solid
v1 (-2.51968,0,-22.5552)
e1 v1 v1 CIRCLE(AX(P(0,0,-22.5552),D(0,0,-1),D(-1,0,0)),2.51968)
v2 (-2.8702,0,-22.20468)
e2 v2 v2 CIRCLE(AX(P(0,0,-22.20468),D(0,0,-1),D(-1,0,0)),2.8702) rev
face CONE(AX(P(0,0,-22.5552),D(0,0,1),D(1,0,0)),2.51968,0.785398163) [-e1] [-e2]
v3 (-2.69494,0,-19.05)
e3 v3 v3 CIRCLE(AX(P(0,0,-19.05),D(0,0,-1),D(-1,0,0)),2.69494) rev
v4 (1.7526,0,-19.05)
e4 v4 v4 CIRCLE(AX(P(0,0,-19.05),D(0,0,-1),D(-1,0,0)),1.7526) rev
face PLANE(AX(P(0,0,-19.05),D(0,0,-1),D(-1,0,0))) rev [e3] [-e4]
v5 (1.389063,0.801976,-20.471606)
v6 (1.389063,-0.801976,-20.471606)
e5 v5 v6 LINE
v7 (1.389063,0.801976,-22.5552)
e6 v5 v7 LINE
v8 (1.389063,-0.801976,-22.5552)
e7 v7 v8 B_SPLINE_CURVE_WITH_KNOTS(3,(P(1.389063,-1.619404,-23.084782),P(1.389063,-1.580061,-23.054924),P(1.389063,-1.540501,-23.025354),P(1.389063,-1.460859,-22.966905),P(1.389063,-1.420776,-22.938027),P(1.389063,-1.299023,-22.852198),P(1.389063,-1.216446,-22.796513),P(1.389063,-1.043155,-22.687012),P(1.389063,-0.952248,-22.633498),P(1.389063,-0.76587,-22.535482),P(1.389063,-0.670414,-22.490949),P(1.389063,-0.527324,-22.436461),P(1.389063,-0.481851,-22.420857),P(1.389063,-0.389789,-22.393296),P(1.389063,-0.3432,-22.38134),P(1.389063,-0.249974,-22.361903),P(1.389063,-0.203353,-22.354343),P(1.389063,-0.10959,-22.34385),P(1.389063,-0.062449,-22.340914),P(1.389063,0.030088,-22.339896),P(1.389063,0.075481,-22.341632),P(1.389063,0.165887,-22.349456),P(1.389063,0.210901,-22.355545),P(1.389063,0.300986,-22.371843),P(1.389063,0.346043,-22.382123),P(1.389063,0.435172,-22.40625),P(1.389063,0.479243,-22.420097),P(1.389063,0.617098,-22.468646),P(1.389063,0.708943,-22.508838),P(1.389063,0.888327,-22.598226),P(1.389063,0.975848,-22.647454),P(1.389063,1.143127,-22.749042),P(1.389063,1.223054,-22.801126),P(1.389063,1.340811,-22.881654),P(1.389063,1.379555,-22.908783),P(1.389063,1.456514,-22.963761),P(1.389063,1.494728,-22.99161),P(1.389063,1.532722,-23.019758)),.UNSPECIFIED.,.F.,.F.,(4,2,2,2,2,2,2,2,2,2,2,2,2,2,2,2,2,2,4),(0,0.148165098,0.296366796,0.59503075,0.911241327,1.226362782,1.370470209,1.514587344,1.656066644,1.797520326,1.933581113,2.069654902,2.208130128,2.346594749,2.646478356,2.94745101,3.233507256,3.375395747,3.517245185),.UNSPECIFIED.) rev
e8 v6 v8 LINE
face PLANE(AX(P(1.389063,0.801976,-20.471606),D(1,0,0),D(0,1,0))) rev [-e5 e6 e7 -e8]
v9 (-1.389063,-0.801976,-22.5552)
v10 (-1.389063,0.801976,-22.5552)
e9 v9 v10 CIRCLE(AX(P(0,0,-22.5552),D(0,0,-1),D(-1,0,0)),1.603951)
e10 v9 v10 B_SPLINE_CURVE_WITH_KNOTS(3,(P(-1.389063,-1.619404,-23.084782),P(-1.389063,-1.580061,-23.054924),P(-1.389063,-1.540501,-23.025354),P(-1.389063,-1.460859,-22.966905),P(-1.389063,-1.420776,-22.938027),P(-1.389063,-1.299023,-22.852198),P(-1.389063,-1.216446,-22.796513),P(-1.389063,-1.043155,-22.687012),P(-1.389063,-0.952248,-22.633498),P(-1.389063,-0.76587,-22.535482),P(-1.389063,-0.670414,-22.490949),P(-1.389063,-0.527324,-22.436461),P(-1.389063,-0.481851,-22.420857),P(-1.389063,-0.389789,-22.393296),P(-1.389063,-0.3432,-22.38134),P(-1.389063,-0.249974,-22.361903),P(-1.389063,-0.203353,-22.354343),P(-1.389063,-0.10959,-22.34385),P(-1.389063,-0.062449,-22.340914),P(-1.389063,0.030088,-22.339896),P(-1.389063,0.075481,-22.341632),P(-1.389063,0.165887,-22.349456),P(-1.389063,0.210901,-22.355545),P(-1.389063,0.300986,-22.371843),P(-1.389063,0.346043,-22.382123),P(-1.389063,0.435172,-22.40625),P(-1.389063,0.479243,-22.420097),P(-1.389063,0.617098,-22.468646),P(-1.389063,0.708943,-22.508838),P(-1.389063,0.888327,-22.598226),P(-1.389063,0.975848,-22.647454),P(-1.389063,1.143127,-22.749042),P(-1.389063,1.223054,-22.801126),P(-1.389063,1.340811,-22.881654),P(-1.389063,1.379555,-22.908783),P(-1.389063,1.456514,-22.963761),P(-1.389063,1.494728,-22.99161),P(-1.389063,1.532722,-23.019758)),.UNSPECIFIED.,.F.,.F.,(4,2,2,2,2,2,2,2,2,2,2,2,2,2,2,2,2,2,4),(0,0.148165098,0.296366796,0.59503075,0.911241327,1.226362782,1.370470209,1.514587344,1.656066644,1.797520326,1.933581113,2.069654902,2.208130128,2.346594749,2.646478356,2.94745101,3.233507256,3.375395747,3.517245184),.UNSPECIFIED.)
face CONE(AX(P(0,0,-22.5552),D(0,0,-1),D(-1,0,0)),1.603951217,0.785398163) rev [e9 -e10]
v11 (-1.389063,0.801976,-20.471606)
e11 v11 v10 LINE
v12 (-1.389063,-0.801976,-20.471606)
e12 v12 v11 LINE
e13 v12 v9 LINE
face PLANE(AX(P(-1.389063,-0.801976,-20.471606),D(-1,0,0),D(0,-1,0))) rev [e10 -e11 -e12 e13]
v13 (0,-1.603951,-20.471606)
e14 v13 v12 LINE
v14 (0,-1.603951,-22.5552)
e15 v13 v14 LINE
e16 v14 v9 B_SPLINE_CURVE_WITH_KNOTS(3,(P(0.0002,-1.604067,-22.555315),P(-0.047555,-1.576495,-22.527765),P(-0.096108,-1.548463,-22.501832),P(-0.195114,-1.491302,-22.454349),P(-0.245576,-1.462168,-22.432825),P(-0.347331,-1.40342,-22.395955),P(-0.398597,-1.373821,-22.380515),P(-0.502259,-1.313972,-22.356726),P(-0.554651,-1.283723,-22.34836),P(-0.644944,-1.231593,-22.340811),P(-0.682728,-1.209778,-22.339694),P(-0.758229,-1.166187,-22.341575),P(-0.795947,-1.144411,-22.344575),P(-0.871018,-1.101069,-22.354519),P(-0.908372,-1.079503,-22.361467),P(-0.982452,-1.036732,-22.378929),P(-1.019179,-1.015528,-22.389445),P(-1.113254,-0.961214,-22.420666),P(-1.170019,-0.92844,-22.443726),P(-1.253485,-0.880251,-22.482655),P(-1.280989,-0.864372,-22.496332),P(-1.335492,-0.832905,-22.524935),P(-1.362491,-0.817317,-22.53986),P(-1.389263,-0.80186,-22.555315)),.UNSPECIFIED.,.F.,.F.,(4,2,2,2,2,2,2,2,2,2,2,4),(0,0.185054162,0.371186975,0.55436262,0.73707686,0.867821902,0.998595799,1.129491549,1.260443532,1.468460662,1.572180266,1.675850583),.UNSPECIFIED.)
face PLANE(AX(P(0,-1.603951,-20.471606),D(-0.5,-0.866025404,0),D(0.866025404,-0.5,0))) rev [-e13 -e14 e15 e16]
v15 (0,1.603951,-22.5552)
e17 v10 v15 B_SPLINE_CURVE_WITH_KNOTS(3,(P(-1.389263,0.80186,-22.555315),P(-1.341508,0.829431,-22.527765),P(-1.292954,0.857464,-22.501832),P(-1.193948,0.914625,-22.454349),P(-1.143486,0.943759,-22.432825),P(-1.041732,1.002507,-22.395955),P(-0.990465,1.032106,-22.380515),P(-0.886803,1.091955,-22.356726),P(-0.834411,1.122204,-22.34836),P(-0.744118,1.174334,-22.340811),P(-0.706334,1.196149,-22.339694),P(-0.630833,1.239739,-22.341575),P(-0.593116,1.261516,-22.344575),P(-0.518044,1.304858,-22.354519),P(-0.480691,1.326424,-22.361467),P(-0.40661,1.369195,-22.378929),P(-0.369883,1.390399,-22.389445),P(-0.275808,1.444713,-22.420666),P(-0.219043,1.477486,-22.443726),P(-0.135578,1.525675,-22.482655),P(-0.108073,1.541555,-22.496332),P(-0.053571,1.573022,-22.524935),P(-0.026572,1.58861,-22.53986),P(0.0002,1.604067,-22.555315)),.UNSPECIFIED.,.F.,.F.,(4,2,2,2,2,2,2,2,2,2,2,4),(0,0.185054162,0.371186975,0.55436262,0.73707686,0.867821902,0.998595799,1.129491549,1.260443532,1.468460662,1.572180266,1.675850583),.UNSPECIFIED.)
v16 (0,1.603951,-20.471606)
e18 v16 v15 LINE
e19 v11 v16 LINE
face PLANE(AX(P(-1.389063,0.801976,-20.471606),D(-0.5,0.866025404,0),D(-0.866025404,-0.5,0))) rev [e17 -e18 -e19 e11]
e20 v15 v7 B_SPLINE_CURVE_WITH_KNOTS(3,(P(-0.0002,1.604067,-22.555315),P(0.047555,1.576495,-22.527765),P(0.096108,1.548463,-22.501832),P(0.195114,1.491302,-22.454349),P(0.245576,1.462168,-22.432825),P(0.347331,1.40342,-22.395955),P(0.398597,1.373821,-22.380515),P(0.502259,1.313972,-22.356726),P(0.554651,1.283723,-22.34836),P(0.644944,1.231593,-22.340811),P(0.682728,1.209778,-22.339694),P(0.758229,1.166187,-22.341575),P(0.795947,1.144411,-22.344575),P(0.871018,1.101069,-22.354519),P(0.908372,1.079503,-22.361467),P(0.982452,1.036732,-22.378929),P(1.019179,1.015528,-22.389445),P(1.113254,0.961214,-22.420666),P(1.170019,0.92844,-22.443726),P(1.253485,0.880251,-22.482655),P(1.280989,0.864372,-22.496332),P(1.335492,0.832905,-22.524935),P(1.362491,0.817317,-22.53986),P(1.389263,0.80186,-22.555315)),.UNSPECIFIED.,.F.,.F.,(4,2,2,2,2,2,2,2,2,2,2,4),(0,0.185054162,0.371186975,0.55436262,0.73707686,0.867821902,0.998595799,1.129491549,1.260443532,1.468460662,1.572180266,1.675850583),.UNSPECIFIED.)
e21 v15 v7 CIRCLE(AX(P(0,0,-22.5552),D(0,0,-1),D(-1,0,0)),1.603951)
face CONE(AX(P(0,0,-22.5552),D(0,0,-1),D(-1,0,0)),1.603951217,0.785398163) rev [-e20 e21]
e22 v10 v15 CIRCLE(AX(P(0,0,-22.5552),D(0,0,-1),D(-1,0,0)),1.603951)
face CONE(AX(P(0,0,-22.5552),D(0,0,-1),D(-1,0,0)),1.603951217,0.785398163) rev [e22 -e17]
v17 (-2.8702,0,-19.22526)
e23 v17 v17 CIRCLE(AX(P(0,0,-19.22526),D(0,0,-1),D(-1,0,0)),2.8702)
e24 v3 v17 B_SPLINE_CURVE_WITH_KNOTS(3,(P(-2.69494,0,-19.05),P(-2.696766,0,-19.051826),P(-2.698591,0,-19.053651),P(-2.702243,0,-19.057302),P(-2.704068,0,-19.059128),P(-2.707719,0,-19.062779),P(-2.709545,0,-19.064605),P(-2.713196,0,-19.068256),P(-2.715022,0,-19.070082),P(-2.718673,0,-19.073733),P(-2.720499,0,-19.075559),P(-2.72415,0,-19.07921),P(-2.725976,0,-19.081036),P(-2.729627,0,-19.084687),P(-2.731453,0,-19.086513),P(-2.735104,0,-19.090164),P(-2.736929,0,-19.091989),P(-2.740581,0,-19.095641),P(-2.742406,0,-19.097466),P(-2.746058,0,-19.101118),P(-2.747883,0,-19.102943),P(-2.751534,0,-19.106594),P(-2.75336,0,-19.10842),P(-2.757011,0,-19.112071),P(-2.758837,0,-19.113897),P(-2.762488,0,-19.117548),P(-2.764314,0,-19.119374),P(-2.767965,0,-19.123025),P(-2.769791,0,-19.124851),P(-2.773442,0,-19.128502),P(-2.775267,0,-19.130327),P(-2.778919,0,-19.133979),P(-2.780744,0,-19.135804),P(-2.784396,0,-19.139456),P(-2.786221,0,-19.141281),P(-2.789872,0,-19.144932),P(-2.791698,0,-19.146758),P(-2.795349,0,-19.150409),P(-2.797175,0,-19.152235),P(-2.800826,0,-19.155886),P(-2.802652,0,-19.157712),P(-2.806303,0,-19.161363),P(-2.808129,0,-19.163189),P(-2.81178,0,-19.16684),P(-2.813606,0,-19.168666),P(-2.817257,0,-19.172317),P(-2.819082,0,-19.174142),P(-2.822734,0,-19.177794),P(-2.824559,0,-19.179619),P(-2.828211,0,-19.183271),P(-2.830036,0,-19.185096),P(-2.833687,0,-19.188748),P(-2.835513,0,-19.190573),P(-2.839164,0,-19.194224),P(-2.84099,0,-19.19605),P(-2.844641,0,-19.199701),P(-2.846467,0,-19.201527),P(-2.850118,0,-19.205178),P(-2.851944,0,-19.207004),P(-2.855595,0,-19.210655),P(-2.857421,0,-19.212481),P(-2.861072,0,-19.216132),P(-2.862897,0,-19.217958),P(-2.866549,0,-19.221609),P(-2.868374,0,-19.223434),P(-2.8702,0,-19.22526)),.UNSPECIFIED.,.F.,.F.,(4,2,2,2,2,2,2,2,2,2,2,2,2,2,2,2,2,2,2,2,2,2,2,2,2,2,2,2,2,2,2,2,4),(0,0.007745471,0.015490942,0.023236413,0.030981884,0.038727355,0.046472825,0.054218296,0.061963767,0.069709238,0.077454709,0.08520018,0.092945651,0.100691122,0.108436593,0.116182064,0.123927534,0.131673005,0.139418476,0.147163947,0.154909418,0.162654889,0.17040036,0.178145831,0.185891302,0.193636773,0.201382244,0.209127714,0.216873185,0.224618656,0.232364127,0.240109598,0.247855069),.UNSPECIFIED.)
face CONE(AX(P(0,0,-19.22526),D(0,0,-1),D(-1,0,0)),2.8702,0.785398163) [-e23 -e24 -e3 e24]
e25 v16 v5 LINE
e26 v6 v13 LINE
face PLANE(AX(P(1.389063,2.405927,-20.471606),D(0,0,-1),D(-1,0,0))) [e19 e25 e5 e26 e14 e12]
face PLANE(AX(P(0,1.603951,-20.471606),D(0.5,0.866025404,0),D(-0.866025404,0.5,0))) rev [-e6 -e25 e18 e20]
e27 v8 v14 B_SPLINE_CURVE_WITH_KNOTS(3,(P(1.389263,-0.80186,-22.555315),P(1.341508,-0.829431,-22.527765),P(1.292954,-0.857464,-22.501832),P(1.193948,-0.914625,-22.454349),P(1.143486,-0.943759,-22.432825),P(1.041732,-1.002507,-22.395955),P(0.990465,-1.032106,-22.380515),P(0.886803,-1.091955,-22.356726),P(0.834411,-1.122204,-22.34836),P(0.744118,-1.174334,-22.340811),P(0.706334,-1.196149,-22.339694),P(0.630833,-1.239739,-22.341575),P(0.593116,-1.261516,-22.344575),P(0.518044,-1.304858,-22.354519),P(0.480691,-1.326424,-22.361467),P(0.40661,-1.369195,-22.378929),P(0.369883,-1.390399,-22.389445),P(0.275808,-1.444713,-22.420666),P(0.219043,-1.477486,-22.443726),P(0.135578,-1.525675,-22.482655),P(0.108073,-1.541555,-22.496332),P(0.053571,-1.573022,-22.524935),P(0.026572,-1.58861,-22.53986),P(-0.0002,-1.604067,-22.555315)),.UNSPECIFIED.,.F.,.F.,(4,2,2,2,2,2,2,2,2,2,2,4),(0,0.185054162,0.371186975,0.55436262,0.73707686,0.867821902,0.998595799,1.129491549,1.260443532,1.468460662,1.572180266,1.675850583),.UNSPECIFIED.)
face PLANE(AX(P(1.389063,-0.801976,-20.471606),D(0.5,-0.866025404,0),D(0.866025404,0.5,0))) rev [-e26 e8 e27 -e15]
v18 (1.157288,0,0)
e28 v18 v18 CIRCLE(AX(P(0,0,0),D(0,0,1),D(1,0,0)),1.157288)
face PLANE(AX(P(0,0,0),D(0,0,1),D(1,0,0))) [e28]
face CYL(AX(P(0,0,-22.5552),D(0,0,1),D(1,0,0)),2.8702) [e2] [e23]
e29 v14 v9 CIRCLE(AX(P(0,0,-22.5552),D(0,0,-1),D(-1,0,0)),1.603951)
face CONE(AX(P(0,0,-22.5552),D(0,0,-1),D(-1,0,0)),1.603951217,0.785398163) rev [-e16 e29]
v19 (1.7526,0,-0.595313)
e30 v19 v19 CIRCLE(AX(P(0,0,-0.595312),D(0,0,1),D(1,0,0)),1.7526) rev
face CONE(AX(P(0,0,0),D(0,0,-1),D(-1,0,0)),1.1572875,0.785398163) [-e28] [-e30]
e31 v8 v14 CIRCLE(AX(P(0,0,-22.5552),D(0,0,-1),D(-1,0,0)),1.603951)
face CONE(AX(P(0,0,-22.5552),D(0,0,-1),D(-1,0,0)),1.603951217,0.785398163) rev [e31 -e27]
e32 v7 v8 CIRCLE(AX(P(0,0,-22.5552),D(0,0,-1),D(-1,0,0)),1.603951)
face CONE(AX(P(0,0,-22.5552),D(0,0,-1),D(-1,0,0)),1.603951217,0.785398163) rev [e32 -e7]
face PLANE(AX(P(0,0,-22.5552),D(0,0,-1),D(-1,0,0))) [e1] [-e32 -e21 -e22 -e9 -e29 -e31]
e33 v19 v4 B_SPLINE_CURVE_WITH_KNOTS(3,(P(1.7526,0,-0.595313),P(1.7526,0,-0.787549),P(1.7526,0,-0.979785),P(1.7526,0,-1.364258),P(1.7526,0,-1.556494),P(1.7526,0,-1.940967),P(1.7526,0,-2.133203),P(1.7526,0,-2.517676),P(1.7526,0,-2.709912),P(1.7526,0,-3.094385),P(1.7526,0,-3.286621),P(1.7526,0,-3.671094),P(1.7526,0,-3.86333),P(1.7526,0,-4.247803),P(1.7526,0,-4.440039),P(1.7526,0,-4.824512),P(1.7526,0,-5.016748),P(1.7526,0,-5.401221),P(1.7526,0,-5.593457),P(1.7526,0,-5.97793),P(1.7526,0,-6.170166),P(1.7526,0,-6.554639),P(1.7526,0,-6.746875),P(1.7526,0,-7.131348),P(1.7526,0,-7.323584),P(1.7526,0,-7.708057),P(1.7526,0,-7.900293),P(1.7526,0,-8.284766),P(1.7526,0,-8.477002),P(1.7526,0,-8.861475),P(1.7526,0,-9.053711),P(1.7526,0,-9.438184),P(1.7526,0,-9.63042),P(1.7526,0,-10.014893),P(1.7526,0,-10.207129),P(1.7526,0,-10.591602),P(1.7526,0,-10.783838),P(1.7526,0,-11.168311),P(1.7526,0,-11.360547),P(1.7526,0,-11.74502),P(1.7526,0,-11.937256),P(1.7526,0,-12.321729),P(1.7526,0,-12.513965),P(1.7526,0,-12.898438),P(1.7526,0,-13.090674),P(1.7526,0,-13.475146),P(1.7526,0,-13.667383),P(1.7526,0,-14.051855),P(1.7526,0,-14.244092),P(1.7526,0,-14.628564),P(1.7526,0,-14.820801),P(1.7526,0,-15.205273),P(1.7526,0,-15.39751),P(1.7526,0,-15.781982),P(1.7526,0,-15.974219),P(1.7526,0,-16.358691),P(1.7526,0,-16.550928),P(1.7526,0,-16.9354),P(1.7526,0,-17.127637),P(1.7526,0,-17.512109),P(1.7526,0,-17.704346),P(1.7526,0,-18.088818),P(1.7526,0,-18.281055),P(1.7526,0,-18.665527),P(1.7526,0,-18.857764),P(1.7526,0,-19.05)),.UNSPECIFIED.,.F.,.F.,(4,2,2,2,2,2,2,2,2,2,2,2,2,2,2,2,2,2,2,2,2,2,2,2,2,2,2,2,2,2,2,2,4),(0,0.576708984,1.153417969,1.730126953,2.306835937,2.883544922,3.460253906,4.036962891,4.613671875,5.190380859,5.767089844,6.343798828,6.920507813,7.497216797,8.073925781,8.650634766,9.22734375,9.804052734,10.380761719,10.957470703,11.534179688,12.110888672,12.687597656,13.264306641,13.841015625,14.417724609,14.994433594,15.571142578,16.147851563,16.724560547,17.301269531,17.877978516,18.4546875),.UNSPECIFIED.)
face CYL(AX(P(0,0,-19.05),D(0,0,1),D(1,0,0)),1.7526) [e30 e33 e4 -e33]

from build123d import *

# Parameters (mm, degrees)
SKETCH1_R          = 1.7526
EXTRUDE1_DEPTH     = 19.05
CHAMFER3_SIZE      = 0.5953125
SKETCH6_R          = 2.8702
EXTRUDE2_DEPTH     = 3.5052
CUT_EXTRUDE1_DEPTH = 2.08359375
SKETCH8_R          = 1.603951217
CUT_EXTRUDE2_DEPTH = 0.35052
CUT_EXTRUDE2_DRAFT = -45
CHAMFER1_SIZE      = 0.35052
CHAMFER2_SIZE      = 0.17526


with BuildPart() as part:
    # Sketch1 → Extrude1 (new body)
    with BuildSketch(Plane.XY):
        Circle(SKETCH1_R)
    extrude(amount=-EXTRUDE1_DEPTH)

    # Chamfer3
    chamfer3_edges = [part.edges().sort_by_distance(p)[0] for p in [
        (-1.7526, 0, 0),
    ]]
    chamfer(chamfer3_edges, length=CHAMFER3_SIZE)

    # Sketch6 → Extrude2 (add)
    with BuildSketch(Plane(origin=(0, 0, -19.05), x_dir=(-1, 0, 0), z_dir=(0, 0, -1))):
        Circle(SKETCH6_R)
    extrude(amount=EXTRUDE2_DEPTH)

    # Sketch7 → Cut-Extrude1 (cut)
    with BuildSketch(Plane(origin=(0, 0, -22.5552), x_dir=(-1, 0, 0), z_dir=(0, 0, -1))):
        Polygon((0, 1.603951217), (-1.3890625, 0.801975608), (-1.3890625, -0.801975608), (0, -1.603951217), (1.3890625, -0.801975608), (1.3890625, 0.801975608), align=None)
    extrude(amount=-CUT_EXTRUDE1_DEPTH, mode=Mode.SUBTRACT)


with BuildPart() as cut_extrude2_tool:
    # Sketch8 → Cut-Extrude2 (with draft: the straight prism first)
    with BuildSketch(Plane(origin=(0, 0, -22.5552), x_dir=(-1, 0, 0), z_dir=(0, 0, -1))):
        Circle(SKETCH8_R)
    extrude(amount=-CUT_EXTRUDE2_DEPTH)
    # Cut-Extrude2: the draft: its side faces are tilted about the plane it starts from
    cut_extrude2_sides = [cut_extrude2_tool.faces().sort_by_distance(p)[0] for p in [
        (1.603951217, 0, -22.37994),
    ]]
    draft(cut_extrude2_sides, Plane(origin=(0, 0, -22.5552), x_dir=(-1, 0, 0), z_dir=(0, 0, -1)), CUT_EXTRUDE2_DRAFT)


with BuildPart() as part_1:
    add(part.part)

    # Cut-Extrude2: cut by cut_extrude2_tool
    add(cut_extrude2_tool.part, mode=Mode.SUBTRACT)

    # Chamfer1
    chamfer1_edges = [part_1.edges().sort_by_distance(p)[0] for p in [
        (2.8702, 0, -22.5552),
    ]]
    chamfer(chamfer1_edges, length=CHAMFER1_SIZE)

    # Chamfer2
    chamfer2_edges = [part_1.edges().sort_by_distance(p)[0] for p in [
        (2.8702, 0, -19.05),
    ]]
    chamfer(chamfer2_edges, length=CHAMFER2_SIZE)


solid = part_1.part
